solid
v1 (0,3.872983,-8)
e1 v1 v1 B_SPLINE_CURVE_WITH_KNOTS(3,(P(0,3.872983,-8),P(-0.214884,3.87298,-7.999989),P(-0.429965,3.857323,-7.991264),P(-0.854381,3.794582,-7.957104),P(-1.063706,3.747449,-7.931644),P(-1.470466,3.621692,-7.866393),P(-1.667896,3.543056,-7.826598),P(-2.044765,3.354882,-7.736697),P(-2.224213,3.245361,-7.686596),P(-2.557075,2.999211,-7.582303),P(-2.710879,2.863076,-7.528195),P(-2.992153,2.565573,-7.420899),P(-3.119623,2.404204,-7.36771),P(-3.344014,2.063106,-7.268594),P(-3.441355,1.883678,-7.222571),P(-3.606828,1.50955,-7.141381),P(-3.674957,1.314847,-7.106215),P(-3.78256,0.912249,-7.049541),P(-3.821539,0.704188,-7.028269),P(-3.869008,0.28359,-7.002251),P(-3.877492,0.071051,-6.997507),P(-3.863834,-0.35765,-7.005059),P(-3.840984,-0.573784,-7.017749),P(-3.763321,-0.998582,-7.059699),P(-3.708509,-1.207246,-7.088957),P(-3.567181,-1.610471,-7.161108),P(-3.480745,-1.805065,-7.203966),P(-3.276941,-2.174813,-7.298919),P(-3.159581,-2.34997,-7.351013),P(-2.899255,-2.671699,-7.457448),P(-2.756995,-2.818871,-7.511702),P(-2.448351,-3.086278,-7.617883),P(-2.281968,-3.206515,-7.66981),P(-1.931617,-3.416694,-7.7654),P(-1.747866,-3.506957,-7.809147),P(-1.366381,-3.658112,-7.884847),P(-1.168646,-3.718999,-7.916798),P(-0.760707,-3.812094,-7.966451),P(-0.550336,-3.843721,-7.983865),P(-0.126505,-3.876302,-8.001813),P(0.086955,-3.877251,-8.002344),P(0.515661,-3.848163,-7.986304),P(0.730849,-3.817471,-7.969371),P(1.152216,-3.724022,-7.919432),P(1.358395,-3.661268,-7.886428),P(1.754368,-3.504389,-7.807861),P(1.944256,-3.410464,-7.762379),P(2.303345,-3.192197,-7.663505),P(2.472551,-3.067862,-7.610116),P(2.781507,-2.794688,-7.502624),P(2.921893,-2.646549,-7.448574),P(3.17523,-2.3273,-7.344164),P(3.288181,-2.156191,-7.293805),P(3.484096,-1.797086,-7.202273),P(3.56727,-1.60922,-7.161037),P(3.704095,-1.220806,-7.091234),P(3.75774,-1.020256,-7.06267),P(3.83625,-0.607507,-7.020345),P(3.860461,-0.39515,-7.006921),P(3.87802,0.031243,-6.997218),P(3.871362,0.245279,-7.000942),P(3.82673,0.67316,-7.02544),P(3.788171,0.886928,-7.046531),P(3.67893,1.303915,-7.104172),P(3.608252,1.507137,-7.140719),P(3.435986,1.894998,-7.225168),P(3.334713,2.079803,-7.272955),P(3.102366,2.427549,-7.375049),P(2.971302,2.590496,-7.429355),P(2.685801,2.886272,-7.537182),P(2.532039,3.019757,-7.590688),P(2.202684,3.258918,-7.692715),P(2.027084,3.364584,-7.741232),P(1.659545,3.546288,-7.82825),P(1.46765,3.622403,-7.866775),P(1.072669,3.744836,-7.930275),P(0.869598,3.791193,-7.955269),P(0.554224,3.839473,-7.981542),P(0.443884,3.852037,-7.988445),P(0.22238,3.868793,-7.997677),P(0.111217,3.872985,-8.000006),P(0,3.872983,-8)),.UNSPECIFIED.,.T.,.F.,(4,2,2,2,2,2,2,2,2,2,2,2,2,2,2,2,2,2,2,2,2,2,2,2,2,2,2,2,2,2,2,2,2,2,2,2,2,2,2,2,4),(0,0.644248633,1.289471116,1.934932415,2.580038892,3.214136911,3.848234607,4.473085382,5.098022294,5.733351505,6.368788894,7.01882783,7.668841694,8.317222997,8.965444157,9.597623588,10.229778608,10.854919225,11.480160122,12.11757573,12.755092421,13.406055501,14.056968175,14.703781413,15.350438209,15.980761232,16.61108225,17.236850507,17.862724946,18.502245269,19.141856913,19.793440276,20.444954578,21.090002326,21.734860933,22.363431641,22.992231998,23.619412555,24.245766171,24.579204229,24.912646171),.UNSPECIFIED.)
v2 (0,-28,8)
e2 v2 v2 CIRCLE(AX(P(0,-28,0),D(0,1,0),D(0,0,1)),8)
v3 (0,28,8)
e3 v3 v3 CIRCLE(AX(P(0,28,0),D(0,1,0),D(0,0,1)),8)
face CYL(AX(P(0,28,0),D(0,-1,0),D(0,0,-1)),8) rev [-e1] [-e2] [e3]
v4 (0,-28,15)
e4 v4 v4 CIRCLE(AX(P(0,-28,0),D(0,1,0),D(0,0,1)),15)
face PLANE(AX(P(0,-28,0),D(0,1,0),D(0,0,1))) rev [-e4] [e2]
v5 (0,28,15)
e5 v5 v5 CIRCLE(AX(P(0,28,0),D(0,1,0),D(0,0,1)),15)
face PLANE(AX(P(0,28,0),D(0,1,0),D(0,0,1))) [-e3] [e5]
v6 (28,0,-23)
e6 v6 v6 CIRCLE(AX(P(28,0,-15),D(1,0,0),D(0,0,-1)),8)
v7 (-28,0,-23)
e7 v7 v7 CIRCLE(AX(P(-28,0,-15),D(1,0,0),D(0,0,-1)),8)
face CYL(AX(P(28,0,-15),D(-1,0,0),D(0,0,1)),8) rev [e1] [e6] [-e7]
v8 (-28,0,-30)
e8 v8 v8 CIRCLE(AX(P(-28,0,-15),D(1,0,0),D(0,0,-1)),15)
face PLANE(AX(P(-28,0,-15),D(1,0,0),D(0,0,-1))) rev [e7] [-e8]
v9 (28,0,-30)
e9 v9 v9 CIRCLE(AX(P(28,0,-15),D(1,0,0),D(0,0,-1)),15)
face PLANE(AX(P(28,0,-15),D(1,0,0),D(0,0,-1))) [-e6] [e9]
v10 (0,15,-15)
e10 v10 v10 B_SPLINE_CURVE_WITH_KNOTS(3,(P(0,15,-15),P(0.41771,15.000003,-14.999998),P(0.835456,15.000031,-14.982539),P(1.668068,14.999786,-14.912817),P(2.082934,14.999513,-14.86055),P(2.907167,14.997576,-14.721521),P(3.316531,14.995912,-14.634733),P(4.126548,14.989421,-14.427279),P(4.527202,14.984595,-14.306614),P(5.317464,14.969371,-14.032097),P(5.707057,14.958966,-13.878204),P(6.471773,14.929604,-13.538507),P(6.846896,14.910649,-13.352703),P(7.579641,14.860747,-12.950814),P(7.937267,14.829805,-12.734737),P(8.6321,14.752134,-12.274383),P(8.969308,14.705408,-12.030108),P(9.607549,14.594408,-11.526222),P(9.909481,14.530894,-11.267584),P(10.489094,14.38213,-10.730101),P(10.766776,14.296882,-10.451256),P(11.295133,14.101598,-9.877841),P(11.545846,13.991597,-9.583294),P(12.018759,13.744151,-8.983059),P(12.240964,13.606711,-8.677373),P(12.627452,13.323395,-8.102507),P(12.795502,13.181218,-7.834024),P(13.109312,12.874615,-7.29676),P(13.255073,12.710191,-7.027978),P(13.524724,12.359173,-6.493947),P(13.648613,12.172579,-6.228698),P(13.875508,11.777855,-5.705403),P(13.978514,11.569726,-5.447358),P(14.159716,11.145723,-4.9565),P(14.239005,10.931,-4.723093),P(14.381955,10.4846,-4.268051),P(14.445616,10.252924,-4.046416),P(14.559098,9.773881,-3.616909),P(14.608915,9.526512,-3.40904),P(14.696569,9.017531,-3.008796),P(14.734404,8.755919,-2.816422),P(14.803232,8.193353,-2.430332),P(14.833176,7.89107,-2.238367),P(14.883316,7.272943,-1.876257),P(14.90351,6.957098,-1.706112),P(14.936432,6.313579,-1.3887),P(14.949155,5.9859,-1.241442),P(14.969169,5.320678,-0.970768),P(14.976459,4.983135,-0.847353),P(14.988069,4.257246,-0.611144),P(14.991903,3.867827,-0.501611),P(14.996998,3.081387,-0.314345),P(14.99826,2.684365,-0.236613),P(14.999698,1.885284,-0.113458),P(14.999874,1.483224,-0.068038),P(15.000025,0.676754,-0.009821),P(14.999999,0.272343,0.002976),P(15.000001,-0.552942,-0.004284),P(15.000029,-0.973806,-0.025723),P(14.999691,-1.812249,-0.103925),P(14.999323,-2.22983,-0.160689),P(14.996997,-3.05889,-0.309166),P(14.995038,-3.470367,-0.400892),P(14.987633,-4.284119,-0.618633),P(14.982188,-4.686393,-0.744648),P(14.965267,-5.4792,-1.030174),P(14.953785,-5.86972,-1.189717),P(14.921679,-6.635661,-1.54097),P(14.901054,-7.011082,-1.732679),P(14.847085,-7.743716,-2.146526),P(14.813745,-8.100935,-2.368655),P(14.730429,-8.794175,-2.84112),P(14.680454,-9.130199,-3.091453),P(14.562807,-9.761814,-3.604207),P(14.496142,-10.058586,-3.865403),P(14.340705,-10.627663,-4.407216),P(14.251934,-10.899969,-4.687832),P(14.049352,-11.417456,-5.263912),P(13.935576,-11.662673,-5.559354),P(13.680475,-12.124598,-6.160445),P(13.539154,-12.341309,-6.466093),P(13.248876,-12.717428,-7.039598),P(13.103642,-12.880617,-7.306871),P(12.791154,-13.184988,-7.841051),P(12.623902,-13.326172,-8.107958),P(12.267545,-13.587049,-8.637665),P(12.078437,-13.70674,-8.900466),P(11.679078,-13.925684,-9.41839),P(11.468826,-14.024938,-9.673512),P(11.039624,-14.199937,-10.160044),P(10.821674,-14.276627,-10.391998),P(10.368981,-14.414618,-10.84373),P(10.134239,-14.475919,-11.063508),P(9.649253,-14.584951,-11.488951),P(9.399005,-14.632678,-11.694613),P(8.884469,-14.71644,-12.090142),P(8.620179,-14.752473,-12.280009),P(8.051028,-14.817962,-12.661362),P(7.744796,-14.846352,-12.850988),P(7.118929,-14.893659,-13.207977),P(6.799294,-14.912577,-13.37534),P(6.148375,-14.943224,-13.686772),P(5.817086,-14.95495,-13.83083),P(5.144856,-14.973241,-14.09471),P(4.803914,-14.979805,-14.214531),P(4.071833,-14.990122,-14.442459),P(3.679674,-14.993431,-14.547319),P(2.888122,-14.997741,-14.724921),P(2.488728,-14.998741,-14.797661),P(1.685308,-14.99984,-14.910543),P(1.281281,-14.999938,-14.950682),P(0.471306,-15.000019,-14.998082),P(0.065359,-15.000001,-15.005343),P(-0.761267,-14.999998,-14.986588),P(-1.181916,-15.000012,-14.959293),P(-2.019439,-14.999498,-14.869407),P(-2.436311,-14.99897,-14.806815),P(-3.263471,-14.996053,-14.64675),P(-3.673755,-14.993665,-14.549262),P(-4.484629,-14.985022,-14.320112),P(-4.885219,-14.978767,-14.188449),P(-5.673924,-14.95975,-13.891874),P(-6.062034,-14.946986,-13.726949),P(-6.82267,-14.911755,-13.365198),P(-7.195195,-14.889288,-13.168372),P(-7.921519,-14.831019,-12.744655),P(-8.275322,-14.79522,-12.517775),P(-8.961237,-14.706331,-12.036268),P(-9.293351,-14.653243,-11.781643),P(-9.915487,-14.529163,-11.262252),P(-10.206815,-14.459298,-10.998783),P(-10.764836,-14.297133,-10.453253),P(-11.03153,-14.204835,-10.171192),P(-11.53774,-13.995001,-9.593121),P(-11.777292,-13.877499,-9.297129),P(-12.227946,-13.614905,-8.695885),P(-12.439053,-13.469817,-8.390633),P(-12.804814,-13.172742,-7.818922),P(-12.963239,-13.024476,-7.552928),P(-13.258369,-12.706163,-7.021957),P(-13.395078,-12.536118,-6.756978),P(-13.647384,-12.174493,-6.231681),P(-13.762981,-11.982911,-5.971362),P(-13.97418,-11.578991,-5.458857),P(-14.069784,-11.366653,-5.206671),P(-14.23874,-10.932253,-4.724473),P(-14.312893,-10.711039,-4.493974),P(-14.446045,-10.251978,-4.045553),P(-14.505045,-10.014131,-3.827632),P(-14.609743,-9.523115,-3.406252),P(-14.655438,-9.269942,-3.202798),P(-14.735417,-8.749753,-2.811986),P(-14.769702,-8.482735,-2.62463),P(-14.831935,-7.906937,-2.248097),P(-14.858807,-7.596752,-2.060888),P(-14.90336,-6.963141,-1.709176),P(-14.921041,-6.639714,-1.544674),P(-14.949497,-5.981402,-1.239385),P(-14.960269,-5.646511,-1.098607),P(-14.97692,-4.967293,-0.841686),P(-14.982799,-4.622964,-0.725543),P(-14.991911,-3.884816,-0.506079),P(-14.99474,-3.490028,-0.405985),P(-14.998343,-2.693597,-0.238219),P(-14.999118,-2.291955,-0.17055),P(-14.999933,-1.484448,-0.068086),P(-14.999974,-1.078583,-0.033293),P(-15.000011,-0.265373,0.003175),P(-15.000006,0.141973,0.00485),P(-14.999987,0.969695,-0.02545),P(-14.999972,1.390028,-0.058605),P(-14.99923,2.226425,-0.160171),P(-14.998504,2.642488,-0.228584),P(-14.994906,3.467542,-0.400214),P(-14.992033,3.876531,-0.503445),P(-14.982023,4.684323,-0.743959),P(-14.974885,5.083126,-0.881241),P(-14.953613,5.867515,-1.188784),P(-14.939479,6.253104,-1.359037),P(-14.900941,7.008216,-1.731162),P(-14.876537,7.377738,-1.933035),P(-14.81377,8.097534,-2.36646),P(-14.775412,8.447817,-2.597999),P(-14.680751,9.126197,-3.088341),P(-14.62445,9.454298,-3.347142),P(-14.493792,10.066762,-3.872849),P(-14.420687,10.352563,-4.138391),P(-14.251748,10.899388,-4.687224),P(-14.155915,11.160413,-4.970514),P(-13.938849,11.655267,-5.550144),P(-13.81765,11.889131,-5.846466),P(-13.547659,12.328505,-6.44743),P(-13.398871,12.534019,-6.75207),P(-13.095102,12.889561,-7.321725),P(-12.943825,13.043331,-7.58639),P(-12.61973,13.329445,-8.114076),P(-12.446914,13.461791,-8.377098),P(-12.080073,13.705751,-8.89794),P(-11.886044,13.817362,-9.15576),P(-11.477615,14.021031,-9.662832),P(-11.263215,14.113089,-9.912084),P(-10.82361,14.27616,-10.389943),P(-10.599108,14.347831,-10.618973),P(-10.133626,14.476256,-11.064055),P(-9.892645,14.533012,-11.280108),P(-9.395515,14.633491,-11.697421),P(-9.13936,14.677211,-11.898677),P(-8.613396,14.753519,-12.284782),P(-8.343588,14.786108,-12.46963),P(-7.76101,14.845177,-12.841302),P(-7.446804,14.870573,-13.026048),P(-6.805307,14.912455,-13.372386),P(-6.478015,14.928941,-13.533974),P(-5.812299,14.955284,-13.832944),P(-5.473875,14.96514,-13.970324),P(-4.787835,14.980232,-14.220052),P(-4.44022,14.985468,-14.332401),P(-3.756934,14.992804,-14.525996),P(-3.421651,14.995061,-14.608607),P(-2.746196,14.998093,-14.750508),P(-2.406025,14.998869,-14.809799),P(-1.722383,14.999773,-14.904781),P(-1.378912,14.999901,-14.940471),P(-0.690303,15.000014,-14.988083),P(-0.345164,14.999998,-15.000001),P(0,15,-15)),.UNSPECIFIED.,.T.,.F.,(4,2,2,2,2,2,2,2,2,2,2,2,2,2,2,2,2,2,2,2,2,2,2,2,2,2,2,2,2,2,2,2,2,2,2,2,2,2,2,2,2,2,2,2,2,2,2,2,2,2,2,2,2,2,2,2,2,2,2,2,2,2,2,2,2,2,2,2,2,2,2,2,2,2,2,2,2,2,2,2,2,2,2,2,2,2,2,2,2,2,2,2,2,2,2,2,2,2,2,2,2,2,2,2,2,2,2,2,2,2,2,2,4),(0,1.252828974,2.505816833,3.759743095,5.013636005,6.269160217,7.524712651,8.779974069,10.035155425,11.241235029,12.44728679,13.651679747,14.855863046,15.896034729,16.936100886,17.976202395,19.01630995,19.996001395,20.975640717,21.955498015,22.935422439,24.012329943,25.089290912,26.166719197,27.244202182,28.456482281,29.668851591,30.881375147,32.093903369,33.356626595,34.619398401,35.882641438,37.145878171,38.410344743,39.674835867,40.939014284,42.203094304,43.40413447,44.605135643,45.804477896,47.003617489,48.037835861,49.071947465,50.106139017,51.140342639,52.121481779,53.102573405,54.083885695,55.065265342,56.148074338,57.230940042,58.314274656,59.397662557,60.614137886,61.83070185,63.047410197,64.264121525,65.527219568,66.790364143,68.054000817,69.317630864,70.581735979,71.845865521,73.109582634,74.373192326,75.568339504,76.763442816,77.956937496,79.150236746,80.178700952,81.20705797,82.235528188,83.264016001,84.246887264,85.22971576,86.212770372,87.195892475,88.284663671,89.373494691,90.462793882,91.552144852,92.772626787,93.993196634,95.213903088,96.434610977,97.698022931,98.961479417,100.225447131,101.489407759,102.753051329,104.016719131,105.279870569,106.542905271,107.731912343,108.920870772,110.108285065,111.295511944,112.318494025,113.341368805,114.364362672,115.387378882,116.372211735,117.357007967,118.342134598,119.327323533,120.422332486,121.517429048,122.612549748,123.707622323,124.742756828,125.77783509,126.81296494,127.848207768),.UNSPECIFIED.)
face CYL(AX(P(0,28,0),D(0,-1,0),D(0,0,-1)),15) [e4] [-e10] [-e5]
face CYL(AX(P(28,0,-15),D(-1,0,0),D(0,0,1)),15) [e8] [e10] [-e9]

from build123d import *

# Parameters (mm, degrees)
SKETCH1_R           = 15
SKETCH1_R_2         = 8
BOSS_EXTRUDE1_DEPTH = 28
SKETCH2_R           = 15
SKETCH2_R_2         = 8
BOSS_EXTRUDE2_DEPTH = 28
SKETCH3_R           = 8
CUT_EXTRUDE1_DEPTH  = 70.426219995
SKETCH4_R           = 8
CUT_EXTRUDE2_DEPTH  = 70.426219995


with BuildPart() as part:
    # Sketch1 → Boss-Extrude1 (new, symmetric)
    with BuildSketch(Plane(origin=(0, 0, 0), x_dir=(1, 0, 0), z_dir=(0, 1, 0))):
        with Locations(Location((0, 0, 0), (0, 0, 270))):
            Circle(SKETCH1_R)
        with Locations(Location((0, 0, 0), (0, 0, 270))):
            Circle(SKETCH1_R_2, mode=Mode.SUBTRACT)
    extrude(amount=BOSS_EXTRUDE1_DEPTH, both=True)

    # Sketch2 → Boss-Extrude2 (add, symmetric)
    with BuildSketch(Plane(origin=(0, 0, 0), x_dir=(0, 0, -1), z_dir=(1, 0, 0))):
        with Locations((15, 0)):
            Circle(SKETCH2_R)
        with Locations((15, 0)):
            Circle(SKETCH2_R_2, mode=Mode.SUBTRACT)
    extrude(amount=BOSS_EXTRUDE2_DEPTH, both=True)

    # Sketch3 → Cut-Extrude1 (cut, through all)
    with BuildSketch(Plane(origin=(0, 28, 0), x_dir=(1, 0, 0), z_dir=(0, 1, 0))):
        with Locations(Location((0, 0, 0), (0, 0, 270))):
            Circle(SKETCH3_R)
    extrude(amount=-CUT_EXTRUDE1_DEPTH, mode=Mode.SUBTRACT)

    # Sketch4 → Cut-Extrude2 (cut, through all)
    with BuildSketch(Plane(origin=(28, 0, 0), x_dir=(0, 0, -1), z_dir=(1, 0, 0))):
        with Locations((15, 0)):
            Circle(SKETCH4_R)
    extrude(amount=-CUT_EXTRUDE2_DEPTH, mode=Mode.SUBTRACT)


solid = part.part
